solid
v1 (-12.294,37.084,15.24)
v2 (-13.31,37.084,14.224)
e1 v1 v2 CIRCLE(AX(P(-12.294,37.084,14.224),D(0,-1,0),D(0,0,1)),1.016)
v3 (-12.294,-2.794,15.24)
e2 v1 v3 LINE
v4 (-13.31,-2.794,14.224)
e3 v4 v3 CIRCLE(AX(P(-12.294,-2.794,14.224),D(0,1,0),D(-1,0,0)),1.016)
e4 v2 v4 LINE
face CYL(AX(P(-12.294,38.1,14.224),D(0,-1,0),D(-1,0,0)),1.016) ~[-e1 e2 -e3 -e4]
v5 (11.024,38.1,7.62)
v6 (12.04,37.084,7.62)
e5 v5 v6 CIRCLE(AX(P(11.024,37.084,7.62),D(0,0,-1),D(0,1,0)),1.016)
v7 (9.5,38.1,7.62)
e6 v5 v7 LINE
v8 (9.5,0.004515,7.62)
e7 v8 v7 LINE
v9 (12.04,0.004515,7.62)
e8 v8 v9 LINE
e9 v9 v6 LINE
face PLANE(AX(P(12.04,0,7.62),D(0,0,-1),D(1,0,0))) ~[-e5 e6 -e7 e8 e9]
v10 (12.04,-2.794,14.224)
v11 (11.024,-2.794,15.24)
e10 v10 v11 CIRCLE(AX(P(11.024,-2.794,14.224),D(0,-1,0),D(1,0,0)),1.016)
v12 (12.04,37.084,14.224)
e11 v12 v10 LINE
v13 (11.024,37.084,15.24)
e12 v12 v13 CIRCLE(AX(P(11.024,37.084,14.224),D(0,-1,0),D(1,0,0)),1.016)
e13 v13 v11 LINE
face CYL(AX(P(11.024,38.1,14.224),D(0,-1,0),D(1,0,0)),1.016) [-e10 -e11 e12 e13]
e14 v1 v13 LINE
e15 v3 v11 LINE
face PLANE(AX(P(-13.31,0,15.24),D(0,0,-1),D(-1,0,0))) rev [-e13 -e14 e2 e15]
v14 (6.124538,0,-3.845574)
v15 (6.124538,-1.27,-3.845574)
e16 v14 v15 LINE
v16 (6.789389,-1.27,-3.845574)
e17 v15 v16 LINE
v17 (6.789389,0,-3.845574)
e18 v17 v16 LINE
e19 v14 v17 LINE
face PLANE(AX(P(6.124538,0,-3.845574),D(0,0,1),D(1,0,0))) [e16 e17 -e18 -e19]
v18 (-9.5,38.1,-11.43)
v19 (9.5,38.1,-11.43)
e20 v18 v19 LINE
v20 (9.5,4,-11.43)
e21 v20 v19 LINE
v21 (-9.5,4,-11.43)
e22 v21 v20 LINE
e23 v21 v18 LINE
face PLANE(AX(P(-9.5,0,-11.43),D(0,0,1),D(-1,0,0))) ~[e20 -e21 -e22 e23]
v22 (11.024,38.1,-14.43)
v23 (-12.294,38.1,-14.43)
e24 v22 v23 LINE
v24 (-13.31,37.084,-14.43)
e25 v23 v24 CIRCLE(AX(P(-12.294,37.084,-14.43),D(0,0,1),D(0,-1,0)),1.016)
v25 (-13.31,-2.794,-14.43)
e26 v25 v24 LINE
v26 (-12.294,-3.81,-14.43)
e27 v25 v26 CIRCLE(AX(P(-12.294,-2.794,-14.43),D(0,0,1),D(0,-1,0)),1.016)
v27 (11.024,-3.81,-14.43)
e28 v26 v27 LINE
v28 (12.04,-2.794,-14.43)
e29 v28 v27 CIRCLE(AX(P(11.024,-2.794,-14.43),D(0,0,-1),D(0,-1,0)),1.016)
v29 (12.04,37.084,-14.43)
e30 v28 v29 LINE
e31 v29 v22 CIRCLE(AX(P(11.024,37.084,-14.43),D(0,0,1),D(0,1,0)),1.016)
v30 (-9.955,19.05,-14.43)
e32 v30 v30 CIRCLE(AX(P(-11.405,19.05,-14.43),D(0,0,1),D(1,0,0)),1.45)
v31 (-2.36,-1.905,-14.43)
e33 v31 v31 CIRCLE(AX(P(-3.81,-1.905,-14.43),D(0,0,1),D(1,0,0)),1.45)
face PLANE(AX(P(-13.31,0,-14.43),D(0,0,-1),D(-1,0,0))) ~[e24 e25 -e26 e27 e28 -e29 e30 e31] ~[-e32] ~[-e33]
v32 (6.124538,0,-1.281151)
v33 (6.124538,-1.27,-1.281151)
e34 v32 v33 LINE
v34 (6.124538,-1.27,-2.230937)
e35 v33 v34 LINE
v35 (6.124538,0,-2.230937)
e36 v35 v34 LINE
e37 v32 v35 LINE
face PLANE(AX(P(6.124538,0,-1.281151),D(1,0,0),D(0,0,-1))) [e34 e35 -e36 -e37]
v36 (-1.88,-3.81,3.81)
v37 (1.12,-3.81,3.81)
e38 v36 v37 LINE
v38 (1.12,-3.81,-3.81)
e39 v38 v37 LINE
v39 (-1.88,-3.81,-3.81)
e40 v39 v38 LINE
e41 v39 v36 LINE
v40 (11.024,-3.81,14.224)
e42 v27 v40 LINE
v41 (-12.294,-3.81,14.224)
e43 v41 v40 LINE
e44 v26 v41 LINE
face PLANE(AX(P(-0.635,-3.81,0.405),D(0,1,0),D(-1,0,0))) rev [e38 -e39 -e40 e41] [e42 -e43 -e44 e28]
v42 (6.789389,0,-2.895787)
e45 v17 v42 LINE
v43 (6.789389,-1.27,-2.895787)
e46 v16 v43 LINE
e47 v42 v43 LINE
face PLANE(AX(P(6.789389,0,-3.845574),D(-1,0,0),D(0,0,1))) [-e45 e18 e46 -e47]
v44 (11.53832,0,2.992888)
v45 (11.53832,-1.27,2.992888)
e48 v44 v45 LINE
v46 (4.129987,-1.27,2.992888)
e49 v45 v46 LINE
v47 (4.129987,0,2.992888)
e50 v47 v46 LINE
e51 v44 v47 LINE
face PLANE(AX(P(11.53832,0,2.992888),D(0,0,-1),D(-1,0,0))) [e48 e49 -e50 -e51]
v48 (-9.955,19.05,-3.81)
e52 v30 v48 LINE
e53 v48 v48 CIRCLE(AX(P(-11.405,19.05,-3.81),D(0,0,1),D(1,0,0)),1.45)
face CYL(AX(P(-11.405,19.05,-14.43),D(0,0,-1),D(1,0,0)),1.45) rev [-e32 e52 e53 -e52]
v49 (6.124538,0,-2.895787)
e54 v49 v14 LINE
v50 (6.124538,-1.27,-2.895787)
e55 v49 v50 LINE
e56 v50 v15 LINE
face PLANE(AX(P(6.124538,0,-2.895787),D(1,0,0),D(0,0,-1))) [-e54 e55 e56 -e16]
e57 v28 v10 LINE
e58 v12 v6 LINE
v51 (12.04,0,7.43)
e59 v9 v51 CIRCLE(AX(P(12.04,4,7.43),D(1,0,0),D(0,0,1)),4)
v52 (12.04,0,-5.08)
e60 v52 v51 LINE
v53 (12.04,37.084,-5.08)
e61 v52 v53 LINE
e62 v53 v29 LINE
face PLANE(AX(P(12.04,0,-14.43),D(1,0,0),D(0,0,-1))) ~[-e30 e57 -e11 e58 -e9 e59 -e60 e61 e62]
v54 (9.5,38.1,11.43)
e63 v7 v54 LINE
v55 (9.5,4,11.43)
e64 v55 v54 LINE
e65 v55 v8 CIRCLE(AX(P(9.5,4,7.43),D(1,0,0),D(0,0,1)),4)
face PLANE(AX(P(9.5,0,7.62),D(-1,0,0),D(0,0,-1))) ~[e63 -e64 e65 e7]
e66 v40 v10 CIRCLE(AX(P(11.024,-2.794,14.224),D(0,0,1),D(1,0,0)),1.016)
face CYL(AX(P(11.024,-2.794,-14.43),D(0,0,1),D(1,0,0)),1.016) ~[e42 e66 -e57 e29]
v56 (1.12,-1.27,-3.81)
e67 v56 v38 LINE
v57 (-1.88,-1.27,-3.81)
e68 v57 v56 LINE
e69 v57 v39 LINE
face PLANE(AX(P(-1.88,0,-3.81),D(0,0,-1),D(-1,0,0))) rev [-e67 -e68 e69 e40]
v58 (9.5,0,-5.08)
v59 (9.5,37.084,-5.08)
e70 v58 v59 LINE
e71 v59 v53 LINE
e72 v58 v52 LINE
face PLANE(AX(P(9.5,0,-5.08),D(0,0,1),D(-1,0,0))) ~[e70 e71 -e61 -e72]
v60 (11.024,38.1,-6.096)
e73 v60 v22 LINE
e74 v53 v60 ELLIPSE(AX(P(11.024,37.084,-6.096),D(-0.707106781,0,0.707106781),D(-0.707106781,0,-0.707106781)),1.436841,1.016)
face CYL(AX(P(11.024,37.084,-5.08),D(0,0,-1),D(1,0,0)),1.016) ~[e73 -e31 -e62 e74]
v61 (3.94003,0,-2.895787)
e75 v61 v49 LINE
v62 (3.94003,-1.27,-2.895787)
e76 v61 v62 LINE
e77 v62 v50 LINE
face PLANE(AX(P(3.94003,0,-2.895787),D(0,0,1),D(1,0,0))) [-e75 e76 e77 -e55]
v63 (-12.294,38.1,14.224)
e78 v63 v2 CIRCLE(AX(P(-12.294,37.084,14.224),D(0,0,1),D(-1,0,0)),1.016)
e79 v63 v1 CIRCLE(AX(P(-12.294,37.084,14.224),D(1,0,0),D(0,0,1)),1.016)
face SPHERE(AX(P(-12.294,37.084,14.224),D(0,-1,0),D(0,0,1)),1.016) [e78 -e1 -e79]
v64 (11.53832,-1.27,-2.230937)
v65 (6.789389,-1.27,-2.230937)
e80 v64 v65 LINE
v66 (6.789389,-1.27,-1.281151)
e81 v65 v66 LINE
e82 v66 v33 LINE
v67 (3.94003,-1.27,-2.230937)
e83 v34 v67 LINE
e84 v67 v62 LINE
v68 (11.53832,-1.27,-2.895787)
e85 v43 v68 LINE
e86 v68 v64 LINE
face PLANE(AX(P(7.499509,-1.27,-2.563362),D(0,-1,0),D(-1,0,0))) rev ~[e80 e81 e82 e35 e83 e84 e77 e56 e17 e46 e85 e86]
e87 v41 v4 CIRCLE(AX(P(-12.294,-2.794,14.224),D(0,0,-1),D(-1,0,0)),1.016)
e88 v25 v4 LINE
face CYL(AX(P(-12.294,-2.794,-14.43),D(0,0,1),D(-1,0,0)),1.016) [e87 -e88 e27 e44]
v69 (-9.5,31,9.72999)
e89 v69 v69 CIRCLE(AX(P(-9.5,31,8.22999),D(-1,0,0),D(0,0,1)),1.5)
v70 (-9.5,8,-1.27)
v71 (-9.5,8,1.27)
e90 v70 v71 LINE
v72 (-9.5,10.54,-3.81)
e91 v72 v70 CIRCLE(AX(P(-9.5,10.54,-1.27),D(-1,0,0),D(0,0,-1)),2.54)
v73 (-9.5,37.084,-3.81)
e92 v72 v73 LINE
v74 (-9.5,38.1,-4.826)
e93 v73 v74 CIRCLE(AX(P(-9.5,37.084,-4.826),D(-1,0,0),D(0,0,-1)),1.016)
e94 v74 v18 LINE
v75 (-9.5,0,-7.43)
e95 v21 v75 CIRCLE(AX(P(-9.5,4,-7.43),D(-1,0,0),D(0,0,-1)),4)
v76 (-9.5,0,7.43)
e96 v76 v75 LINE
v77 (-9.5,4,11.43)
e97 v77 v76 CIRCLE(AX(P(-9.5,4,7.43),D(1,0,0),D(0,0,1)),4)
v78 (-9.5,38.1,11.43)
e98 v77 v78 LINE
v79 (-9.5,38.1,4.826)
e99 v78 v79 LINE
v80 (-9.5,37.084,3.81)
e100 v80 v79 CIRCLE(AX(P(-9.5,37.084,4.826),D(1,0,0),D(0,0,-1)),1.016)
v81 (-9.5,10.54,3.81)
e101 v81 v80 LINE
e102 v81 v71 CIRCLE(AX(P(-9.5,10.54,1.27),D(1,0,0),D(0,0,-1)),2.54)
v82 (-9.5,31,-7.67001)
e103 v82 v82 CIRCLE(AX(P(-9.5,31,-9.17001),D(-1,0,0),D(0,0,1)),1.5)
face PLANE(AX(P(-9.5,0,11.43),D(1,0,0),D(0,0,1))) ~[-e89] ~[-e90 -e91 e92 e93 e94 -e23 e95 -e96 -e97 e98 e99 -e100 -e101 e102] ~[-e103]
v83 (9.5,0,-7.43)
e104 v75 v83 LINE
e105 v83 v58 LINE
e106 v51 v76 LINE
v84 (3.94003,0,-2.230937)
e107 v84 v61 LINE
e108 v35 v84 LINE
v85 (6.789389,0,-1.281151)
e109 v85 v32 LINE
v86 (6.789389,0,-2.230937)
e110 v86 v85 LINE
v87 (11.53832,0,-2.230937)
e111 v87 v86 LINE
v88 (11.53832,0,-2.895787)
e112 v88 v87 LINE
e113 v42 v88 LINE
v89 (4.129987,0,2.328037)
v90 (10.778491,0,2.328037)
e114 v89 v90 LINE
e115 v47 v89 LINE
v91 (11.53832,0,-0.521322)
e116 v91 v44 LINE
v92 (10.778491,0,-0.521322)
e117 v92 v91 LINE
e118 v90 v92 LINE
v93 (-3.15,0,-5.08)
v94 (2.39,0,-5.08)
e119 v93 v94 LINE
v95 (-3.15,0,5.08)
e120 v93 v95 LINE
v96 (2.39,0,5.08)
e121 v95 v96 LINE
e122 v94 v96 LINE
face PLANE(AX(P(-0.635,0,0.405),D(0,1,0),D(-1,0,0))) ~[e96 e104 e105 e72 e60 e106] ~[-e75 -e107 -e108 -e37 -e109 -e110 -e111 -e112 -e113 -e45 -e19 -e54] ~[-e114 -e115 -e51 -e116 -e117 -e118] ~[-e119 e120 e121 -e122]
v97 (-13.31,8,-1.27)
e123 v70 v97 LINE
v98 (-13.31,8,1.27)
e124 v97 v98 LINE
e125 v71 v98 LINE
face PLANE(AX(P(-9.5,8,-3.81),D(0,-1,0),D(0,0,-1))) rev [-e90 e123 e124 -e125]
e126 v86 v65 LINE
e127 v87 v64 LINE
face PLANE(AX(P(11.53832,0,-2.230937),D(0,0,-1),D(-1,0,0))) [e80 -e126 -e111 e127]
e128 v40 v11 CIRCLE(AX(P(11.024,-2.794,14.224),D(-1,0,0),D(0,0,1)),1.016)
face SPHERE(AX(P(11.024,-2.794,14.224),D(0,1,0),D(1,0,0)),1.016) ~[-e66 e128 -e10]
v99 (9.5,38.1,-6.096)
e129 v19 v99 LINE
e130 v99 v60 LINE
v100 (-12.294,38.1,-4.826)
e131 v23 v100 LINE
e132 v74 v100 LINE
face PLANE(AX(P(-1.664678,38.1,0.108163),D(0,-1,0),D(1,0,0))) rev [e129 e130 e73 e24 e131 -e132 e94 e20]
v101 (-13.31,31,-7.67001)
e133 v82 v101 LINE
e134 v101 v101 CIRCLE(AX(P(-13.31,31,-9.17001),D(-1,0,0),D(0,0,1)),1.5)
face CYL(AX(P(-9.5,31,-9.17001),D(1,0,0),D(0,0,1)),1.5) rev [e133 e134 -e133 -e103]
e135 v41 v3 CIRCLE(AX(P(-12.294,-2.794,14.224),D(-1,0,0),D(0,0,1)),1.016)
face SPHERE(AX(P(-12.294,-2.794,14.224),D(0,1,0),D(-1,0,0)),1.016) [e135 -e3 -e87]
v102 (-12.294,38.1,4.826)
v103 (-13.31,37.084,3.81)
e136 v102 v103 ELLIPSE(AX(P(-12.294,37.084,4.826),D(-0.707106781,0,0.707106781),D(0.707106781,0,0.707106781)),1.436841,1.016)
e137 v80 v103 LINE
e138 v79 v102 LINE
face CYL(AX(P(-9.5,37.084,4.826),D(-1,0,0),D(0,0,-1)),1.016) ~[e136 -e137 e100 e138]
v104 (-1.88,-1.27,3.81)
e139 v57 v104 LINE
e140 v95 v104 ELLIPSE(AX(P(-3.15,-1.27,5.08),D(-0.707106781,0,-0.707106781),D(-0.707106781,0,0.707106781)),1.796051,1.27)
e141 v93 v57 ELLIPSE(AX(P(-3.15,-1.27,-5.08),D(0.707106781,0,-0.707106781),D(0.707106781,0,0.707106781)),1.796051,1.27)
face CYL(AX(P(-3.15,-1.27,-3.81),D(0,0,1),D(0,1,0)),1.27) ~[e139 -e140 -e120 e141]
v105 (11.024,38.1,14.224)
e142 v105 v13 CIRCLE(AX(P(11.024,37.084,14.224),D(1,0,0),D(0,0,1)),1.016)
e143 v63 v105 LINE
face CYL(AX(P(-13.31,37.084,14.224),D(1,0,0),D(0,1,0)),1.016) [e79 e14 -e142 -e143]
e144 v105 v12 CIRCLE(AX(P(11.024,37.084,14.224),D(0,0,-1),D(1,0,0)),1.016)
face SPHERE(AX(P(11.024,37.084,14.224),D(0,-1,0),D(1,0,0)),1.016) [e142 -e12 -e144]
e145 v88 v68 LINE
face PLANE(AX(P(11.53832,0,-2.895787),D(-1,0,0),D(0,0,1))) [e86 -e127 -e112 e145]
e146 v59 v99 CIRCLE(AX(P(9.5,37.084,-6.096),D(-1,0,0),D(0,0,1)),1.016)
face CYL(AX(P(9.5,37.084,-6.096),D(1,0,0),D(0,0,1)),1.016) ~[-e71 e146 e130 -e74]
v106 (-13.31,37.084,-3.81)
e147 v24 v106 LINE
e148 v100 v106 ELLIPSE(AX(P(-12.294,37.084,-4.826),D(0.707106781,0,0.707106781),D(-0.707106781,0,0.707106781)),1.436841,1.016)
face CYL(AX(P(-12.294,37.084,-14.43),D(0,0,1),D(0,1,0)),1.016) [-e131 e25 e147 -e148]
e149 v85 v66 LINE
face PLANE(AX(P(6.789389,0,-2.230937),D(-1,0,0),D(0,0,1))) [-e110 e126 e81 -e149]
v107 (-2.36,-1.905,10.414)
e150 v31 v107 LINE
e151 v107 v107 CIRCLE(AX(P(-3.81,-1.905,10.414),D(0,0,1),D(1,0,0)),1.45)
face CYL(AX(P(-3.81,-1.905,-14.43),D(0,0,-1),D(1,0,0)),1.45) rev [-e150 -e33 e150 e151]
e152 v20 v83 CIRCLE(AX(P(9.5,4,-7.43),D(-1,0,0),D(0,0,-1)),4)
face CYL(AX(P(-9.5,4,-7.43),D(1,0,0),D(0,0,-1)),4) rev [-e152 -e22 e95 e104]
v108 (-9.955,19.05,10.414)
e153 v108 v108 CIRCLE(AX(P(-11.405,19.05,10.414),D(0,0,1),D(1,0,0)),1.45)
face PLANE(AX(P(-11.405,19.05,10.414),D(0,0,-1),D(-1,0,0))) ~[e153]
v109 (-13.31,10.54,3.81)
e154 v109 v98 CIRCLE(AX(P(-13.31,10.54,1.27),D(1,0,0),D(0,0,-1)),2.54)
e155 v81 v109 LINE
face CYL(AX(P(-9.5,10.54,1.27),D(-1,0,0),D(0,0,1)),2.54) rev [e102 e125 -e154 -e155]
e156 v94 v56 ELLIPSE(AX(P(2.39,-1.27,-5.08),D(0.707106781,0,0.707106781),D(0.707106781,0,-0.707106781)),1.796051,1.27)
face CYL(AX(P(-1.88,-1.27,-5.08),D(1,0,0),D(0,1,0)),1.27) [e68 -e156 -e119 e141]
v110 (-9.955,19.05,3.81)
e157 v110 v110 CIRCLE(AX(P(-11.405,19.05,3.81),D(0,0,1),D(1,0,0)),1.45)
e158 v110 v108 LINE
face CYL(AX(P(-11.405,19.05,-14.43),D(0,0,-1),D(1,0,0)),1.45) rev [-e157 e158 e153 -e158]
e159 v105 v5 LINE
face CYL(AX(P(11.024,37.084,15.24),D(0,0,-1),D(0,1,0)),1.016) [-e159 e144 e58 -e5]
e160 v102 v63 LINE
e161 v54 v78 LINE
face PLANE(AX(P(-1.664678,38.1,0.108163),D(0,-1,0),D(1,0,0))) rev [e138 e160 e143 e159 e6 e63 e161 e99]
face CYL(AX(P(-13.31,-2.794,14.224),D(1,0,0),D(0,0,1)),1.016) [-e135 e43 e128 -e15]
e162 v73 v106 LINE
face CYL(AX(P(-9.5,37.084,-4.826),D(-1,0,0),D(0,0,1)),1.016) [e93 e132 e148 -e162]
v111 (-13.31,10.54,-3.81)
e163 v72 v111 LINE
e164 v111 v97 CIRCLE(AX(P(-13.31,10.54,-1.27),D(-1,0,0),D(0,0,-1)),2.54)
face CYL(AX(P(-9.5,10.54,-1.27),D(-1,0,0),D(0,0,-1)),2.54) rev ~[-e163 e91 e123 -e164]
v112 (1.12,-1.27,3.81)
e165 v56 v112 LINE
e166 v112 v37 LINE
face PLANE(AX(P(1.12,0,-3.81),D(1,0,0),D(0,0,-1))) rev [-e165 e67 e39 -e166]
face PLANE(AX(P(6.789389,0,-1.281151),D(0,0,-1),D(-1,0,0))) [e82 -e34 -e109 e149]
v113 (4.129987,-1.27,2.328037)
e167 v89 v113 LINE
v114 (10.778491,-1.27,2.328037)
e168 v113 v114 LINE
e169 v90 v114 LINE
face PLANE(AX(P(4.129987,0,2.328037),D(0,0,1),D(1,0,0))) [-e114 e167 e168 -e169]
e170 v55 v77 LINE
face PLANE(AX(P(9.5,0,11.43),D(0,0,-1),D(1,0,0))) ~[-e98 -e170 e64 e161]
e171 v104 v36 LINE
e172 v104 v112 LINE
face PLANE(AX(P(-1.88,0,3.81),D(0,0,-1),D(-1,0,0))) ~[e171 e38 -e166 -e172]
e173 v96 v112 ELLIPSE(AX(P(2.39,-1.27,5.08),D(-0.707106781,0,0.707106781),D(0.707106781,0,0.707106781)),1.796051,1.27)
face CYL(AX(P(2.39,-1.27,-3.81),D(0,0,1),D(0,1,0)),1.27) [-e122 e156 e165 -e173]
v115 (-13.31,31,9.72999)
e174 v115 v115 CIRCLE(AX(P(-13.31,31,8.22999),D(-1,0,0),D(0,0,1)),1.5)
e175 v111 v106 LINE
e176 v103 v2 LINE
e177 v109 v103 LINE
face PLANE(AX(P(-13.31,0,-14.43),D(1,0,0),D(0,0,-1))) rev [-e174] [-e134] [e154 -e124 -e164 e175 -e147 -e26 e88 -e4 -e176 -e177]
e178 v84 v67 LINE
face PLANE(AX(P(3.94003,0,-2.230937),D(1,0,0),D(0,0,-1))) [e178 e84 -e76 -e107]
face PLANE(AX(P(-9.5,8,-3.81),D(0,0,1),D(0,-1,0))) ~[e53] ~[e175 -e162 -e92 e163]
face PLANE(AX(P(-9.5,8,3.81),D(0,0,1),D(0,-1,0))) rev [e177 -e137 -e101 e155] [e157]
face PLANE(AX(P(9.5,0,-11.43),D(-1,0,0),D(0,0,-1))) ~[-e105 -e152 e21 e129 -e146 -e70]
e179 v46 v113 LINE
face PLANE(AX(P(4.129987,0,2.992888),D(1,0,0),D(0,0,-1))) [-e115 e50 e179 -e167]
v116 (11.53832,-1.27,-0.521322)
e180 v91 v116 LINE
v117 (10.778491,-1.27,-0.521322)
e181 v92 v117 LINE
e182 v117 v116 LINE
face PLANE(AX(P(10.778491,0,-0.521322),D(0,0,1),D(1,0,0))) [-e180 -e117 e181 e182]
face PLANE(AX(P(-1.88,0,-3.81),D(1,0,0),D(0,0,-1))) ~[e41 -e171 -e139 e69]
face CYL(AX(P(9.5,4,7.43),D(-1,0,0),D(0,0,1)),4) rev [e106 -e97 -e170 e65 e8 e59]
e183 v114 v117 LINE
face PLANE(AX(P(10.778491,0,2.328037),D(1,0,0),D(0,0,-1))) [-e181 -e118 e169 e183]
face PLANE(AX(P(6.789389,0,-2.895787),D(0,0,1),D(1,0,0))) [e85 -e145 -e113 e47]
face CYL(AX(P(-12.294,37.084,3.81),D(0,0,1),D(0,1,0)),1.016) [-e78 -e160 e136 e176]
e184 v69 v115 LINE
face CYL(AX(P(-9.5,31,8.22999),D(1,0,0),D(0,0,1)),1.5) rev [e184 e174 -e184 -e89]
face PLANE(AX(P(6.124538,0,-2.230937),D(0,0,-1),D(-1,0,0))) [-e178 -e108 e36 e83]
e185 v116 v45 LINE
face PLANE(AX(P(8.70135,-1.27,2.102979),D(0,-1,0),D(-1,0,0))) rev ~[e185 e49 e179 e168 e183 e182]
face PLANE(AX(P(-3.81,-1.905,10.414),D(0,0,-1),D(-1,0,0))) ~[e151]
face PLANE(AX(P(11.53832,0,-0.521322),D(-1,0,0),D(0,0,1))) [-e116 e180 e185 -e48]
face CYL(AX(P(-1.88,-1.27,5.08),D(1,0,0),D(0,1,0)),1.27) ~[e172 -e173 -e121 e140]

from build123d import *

# Parameters (mm, degrees)
BOSS_EXTRUDE2_DEPTH = 38.1
SKETCH1_W           = 25.35
SKETCH1_H           = 29.67
BOSS_EXTRUDE3_DEPTH = 3.81
SKETCH3_W           = 3
SKETCH3_H           = 7.62
CUT_EXTRUDE1_DEPTH  = 4.81
SKETCH4_W           = 7.62
SKETCH4_H           = 30.1
CUT_EXTRUDE2_DEPTH  = 4.81
SKETCH5_R           = 1.5
CUT_EXTRUDE3_DEPTH  = 4.81
SKETCH6_R           = 1.45
CUT_EXTRUDE4_DEPTH  = 24.844
FILLET1_R           = 4
FILLET4_R           = 2.54
FILLET2_R           = 1.016
FILLET3_R           = 1.27
FILLET5_R           = 1.016
CUT_EXTRUDE5_DEPTH  = 1.27


with BuildPart() as part:
    # Sketch2 → Boss-Extrude2 (new body)
    with BuildSketch(Plane(origin=(0, 0, 0), x_dir=(1, 0, 0), z_dir=(0, 1, 0))):
        Polygon((-9.5, -11.43), (9.5, -11.43), (9.5, -5.08), (12.04, -5.08), (12.04, -14.43), (-13.31, -14.43), (-13.31, 15.24), (12.04, 15.24), (12.04, 7.62), (9.5, 7.62), (9.5, 11.43), (-9.5, 11.43), align=None)
    extrude(amount=BOSS_EXTRUDE2_DEPTH)

    # Sketch1 → Boss-Extrude3 (add)
    with BuildSketch(Plane(origin=(0, 0, 0), x_dir=(1, 0, 0), z_dir=(0, 1, 0))):
        with Locations((-0.635, 0.405)):
            Rectangle(SKETCH1_W, SKETCH1_H)
    extrude(amount=-BOSS_EXTRUDE3_DEPTH)

    # Sketch3 → Cut-Extrude1 (cut, through all)
    with BuildSketch(Plane(origin=(0, 0, 0), x_dir=(1, 0, 0), z_dir=(0, 1, 0))):
        with Locations((-0.38, 0)):
            Rectangle(SKETCH3_W, SKETCH3_H)
    extrude(amount=-CUT_EXTRUDE1_DEPTH, mode=Mode.SUBTRACT)

    # Sketch4 → Cut-Extrude2 (cut, through all)
    with BuildSketch(Plane(origin=(-9.5, 0, 0), x_dir=(0, 0, -1), z_dir=(1, 0, 0))):
        with Locations((0, 23.05)):
            Rectangle(SKETCH4_W, SKETCH4_H)
    extrude(amount=-CUT_EXTRUDE2_DEPTH, mode=Mode.SUBTRACT)

    # Sketch5 → Cut-Extrude3 (cut, through all)
    with BuildSketch(Plane(origin=(-9.5, 0, 0), x_dir=(0, 0, -1), z_dir=(1, 0, 0))):
        with Locations((-9.1700096, 31)):
            Circle(SKETCH5_R)
        with Locations((8.2299904, 31)):
            Circle(SKETCH5_R)
    extrude(amount=-CUT_EXTRUDE3_DEPTH, mode=Mode.SUBTRACT)

    # Sketch6 → Cut-Extrude4 (cut)
    with BuildSketch(Plane.XY.offset(14.43)):
        with Locations((-11.405, 19.05)):
            Circle(SKETCH6_R)
        with Locations((-3.81, -1.905)):
            Circle(SKETCH6_R)
    extrude(amount=-CUT_EXTRUDE4_DEPTH, mode=Mode.SUBTRACT)

    # Fillet1
    fillet1_edges = [part.edges().sort_by_distance(p)[0] for p in [
        (0, 0, -11.43),
        (0, 0, 11.43),
    ]]
    fillet(fillet1_edges, radius=FILLET1_R)


with BuildPart() as body_2:
    # Mirror1: mirrored copy
    add(part.part.mirror(Plane.XY))

    # Fillet4
    fillet4_edges = [body_2.edges().sort_by_distance(p)[0] for p in [
        (-11.405, 8, -3.81),
        (-11.405, 8, 3.81),
    ]]
    fillet(fillet4_edges, radius=FILLET4_R)

    # Fillet2
    fillet2_edges = [body_2.edges().sort_by_distance(p)[0] for p in [
        (-13.31, 17.145, 15.24),
        (12.04, 17.145, 15.24),
        (12.04, -3.81, 0.405),
        (-13.31, -3.81, 0.405),
        (-0.635, -3.81, 15.24),
        (12.04, 38.1, 11.43),
        (-0.635, 38.1, 15.24),
        (-13.31, 38.1, 9.525),
        (-13.31, 38.1, -9.12),
        (-11.405, 38.1, -3.81),
        (-11.405, 38.1, 3.81),
    ]]
    fillet(fillet2_edges, radius=FILLET2_R)

    # Fillet3
    fillet3_edges = [body_2.edges().sort_by_distance(p)[0] for p in [
        (-1.88, 0, 0),
        (-0.38, 0, -3.81),
        (1.12, 0, 0),
        (-0.38, 0, 3.81),
    ]]
    fillet(fillet3_edges, radius=FILLET3_R)

    # Fillet5
    fillet5_edges = [body_2.edges().sort_by_distance(p)[0] for p in [
        (12.04, 38.1, -9.755),
        (10.77, 38.1, -5.08),
    ]]
    fillet(fillet5_edges, radius=FILLET5_R)

    # Sketch7 → Cut-Extrude5 (cut)
    with BuildSketch(Plane(origin=(0, 0, 0), x_dir=(1, 0, 0), z_dir=(0, 1, 0))):
        Polygon((4.129986879, -2.992887734), (4.129986879, -2.328037307), (10.778491153, -2.328037307), (10.778491153, 0.521321667), (11.538320213, 0.521321667), (11.538320213, -2.992887734), align=None)
        Polygon((3.940029614, 2.230937052), (3.940029614, 2.895787479), (6.124538161, 2.895787479), (6.124538161, 3.845573804), (6.789388589, 3.845573804), (6.789388589, 2.895787479), (11.538320213, 2.895787479), (11.538320213, 2.230937052), (6.789388589, 2.230937052), (6.789388589, 1.281150727), (6.124538161, 1.281150727), (6.124538161, 2.230937052), align=None)
    extrude(amount=-CUT_EXTRUDE5_DEPTH, mode=Mode.SUBTRACT)


solid = body_2.part
